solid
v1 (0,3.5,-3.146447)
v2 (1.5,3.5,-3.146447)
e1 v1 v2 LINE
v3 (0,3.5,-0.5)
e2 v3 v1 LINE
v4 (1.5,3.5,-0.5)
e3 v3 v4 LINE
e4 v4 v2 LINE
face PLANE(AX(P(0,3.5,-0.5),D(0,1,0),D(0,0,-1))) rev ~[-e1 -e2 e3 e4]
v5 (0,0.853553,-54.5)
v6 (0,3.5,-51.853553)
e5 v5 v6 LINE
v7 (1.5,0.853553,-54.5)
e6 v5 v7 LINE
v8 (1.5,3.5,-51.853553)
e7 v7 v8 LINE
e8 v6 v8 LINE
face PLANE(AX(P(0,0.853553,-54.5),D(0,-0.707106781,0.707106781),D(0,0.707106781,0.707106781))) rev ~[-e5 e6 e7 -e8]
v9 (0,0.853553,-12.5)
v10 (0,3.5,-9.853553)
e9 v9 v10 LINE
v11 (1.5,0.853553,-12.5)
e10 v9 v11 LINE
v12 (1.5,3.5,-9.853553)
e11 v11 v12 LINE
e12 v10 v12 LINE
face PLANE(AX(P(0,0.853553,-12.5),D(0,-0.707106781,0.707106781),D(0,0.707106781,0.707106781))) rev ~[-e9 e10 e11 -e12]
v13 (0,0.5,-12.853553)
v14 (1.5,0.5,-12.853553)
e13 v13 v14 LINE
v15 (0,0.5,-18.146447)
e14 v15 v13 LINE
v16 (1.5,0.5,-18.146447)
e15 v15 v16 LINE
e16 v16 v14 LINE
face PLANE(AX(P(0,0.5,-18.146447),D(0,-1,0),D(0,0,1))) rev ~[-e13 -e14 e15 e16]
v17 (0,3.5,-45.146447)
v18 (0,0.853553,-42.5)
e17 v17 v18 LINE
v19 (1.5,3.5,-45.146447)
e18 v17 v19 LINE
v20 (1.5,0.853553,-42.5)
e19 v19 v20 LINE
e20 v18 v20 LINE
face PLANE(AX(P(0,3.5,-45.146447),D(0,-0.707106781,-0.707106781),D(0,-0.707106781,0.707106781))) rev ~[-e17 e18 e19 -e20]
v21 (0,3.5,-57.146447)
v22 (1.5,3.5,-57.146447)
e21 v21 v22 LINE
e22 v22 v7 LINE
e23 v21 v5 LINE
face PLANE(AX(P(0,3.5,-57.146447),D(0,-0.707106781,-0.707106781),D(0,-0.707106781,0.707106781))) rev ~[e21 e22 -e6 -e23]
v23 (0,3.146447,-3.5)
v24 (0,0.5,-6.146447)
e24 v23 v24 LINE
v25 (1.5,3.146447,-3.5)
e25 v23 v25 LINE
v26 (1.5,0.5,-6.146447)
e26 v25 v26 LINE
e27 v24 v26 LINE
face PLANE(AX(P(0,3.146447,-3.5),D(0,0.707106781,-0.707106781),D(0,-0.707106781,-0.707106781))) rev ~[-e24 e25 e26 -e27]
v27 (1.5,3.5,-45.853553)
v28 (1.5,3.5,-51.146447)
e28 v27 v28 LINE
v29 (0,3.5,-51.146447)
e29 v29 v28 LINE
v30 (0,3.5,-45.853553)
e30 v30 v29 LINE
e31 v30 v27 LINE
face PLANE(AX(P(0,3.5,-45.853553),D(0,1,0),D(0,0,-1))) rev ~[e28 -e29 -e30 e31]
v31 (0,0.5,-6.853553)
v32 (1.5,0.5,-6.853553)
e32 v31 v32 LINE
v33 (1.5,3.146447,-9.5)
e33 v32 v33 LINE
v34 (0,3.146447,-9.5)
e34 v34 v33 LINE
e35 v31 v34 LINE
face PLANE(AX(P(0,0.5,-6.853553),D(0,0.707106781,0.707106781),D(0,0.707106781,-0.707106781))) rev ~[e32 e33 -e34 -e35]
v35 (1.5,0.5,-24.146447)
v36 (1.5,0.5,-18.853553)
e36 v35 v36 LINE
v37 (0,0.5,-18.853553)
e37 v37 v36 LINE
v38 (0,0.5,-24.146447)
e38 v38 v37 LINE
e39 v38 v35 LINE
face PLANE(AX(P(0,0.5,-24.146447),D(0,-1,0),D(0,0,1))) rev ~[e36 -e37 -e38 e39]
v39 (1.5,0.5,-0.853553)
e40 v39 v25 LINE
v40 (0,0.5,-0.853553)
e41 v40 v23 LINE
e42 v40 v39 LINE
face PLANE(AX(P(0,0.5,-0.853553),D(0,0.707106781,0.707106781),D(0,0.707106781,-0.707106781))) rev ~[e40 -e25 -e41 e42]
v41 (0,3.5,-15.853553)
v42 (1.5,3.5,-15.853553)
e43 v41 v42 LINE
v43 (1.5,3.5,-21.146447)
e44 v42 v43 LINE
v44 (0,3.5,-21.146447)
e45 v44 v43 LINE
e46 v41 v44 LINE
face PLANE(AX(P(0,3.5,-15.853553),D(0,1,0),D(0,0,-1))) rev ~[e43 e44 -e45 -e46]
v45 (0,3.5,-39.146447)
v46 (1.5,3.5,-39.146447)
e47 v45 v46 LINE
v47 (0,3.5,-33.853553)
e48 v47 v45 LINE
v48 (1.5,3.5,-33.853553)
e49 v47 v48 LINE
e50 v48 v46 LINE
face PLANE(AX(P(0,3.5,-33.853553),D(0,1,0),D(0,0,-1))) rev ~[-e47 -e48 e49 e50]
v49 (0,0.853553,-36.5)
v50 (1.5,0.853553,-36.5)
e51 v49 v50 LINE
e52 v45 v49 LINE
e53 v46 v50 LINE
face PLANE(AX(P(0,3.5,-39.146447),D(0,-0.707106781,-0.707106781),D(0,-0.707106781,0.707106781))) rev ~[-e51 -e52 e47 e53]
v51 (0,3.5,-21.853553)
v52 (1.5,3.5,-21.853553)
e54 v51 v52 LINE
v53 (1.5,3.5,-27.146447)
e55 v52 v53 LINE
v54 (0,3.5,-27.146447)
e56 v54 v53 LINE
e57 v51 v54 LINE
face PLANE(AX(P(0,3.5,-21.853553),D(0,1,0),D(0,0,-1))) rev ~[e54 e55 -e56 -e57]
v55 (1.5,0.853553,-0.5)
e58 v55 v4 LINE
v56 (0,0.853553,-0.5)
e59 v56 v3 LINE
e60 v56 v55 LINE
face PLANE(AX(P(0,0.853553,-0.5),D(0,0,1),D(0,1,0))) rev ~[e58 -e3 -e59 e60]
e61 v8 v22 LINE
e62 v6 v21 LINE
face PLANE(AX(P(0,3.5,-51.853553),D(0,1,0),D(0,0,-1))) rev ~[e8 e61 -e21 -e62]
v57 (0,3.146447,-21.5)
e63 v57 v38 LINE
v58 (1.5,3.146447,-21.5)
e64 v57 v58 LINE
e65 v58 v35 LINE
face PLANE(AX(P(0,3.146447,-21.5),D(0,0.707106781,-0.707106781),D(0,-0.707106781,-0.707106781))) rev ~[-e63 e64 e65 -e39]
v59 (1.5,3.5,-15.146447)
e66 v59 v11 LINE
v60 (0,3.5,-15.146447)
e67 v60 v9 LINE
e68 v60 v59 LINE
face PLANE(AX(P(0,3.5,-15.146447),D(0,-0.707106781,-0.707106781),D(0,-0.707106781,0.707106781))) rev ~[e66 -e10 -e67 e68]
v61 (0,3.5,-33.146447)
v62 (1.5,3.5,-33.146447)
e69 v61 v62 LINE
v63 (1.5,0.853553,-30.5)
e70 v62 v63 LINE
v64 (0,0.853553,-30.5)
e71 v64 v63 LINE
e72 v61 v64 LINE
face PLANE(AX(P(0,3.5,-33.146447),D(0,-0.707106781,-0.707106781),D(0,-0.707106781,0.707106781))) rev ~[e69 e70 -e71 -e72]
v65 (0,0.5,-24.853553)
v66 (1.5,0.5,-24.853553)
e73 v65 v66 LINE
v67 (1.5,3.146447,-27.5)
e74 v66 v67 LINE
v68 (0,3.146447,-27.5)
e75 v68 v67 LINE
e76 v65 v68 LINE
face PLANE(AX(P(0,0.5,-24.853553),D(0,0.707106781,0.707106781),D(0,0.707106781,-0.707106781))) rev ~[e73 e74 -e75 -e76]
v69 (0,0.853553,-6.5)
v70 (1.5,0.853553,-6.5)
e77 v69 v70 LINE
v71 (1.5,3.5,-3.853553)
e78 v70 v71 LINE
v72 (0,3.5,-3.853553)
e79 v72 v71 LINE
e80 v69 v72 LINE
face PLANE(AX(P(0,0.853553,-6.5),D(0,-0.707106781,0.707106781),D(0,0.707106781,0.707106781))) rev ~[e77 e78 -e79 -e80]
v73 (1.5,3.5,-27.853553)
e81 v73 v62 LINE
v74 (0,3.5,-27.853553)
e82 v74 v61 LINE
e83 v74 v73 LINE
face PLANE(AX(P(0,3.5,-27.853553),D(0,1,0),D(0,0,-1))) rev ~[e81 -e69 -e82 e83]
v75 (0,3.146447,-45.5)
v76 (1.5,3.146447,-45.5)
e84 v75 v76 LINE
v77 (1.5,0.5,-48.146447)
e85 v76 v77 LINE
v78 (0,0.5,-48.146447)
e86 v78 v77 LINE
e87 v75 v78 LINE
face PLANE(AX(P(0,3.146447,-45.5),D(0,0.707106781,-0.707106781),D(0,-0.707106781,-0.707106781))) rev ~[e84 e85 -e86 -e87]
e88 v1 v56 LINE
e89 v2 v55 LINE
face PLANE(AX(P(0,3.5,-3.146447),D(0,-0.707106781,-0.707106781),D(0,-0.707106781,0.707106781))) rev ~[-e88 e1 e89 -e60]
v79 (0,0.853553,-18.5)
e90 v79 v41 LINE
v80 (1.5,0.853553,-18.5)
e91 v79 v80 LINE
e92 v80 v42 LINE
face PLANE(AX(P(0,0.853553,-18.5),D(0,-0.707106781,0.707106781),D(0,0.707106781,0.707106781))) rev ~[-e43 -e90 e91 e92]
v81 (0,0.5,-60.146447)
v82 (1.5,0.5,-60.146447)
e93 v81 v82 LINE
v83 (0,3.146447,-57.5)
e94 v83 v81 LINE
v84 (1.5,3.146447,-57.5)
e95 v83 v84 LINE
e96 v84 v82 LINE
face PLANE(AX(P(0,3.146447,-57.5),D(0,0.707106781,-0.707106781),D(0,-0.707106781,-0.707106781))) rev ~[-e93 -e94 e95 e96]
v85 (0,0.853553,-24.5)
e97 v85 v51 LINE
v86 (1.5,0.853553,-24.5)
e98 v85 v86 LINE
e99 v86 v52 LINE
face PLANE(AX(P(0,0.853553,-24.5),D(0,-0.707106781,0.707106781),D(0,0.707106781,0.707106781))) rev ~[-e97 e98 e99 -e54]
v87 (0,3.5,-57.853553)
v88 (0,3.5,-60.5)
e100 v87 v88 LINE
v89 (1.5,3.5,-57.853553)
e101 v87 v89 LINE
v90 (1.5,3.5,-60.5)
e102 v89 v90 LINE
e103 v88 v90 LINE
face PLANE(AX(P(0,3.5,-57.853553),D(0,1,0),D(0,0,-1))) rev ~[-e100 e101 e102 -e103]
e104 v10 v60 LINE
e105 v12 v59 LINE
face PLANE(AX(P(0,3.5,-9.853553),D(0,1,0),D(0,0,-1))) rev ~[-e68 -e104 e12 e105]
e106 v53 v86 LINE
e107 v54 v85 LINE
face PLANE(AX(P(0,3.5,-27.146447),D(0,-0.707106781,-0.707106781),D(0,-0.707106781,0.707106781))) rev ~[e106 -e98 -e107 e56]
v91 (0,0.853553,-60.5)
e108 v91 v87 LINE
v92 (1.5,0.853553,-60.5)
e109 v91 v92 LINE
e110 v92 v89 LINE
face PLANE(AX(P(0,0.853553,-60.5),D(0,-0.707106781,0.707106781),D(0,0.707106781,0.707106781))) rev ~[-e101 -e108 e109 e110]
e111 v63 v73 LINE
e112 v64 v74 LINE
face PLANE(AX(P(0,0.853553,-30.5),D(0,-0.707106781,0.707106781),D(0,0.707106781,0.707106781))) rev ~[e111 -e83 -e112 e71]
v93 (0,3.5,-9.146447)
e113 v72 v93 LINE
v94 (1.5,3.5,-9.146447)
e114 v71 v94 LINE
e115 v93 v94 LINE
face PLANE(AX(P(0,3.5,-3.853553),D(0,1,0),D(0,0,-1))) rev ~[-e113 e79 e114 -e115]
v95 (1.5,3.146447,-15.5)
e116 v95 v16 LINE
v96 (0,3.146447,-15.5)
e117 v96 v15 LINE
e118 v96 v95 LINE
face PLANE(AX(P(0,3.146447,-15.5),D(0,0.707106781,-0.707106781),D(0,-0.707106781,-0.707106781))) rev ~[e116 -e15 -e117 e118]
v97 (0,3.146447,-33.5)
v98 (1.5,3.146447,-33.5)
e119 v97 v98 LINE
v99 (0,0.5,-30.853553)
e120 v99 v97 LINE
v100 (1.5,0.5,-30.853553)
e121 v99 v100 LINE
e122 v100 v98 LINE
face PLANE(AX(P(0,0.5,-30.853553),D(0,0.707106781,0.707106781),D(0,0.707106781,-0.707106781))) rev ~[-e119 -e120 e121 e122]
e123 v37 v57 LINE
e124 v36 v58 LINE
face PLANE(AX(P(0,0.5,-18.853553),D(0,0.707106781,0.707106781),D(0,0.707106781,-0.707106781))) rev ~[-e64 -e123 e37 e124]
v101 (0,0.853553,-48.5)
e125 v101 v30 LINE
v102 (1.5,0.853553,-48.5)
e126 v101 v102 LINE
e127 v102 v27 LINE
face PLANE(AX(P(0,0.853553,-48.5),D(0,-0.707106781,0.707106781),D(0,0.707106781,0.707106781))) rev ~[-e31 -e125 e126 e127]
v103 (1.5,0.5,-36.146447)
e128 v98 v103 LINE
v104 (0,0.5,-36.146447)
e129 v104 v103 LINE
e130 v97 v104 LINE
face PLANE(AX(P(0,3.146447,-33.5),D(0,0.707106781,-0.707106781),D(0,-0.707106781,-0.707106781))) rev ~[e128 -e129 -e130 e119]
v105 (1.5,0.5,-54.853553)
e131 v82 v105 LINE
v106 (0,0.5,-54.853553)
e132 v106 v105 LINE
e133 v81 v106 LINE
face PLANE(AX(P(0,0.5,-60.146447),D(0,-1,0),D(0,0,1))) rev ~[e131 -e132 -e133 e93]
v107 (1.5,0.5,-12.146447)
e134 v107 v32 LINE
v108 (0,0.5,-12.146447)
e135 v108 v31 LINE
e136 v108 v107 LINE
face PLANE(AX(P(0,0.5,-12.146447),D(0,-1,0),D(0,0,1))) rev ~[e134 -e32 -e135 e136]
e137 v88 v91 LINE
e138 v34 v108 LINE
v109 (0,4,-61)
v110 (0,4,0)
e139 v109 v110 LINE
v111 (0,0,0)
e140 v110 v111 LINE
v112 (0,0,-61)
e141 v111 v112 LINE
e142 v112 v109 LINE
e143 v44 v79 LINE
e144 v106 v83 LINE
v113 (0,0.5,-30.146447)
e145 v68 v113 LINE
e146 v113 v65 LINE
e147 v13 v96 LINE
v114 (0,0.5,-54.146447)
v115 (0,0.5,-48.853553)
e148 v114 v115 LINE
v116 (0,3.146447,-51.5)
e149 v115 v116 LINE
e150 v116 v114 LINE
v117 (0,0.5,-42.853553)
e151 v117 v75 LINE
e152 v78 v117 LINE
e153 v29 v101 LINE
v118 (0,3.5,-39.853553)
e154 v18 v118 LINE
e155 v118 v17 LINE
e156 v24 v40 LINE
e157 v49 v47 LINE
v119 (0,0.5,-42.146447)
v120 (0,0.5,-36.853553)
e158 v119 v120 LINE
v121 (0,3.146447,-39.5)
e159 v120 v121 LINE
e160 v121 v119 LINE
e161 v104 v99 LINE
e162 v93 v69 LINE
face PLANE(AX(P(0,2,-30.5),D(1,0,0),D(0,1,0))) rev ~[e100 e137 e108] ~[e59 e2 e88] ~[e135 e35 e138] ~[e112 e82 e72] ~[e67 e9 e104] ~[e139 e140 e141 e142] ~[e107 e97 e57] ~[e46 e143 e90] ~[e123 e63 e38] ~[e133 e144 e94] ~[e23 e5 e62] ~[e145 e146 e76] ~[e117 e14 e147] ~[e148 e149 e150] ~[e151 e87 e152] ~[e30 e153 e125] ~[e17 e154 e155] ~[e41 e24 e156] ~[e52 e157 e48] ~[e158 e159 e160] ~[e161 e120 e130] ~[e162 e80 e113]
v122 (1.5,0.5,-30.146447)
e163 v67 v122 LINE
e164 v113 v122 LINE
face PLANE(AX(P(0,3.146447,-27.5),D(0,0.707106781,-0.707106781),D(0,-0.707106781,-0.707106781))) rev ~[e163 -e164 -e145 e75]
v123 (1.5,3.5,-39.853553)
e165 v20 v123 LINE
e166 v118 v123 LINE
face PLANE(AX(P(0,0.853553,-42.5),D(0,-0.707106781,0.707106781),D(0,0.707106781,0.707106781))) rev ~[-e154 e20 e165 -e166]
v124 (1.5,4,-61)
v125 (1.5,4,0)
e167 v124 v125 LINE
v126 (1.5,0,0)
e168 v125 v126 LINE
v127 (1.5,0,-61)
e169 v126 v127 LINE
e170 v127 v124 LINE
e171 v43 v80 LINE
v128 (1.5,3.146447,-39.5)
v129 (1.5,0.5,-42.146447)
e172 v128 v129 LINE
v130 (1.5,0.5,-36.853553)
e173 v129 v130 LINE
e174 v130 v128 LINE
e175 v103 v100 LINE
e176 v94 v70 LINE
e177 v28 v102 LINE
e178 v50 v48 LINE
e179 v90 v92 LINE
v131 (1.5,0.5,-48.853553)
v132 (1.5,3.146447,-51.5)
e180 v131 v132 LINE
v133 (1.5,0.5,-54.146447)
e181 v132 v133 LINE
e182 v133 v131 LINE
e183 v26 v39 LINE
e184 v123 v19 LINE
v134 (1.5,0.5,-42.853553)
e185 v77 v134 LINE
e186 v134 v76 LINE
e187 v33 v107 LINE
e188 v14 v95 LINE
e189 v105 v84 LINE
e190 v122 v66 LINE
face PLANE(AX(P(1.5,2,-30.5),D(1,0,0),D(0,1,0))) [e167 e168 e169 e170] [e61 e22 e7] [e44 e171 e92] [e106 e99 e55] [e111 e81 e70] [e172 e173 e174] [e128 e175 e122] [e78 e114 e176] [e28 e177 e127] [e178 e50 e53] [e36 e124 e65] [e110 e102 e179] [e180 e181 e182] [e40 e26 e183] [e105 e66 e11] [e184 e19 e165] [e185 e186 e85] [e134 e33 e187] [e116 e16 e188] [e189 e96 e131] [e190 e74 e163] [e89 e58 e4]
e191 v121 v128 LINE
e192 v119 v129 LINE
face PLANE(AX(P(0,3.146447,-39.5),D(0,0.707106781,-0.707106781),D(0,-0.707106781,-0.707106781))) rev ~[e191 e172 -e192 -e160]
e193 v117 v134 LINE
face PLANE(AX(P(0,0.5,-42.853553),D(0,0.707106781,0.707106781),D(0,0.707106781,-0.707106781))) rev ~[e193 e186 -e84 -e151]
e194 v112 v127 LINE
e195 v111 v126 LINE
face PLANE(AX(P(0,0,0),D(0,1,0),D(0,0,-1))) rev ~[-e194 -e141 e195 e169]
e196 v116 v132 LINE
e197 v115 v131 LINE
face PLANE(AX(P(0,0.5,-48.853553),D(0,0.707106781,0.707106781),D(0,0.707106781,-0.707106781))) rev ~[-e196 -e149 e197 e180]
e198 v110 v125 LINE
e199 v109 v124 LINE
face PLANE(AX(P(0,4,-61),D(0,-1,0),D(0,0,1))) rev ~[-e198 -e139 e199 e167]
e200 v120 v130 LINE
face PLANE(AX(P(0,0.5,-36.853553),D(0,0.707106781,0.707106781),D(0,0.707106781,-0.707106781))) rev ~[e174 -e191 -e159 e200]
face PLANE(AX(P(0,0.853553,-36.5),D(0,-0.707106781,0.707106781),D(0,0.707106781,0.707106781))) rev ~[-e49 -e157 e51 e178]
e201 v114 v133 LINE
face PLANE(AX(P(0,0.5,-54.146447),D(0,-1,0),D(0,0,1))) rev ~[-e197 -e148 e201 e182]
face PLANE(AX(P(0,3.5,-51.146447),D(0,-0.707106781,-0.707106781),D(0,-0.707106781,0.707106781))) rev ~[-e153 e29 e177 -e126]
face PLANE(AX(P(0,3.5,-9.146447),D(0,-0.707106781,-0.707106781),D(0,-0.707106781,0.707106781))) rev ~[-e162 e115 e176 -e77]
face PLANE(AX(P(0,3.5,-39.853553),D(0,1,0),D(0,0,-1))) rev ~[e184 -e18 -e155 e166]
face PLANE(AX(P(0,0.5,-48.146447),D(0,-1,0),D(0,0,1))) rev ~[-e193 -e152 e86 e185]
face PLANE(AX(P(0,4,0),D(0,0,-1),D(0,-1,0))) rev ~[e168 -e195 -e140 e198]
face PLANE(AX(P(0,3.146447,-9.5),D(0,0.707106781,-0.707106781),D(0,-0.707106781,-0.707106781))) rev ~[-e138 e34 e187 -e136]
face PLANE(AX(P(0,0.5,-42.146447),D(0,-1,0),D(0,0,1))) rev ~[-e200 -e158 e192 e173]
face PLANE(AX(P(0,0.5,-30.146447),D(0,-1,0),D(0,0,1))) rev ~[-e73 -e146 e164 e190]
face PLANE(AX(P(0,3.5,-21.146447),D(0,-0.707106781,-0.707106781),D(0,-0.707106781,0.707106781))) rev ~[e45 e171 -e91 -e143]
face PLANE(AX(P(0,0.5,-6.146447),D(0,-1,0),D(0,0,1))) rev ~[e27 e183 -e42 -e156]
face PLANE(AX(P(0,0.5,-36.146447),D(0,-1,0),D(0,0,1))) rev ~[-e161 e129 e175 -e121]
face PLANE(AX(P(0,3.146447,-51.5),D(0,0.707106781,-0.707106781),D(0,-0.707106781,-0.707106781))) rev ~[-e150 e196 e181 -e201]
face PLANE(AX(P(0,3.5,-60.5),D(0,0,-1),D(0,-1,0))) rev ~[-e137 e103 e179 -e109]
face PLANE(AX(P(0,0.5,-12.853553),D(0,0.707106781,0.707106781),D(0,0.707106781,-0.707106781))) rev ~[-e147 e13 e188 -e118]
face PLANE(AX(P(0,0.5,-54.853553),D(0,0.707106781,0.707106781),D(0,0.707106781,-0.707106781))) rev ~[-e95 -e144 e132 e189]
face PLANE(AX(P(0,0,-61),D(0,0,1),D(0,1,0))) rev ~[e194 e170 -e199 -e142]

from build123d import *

# Parameters (mm, degrees)
F1_DEPTH = 1.5


with BuildPart() as f1:
    # F0 (on Right) → F1 (new body)
    with BuildSketch(Plane.YZ):
        Polygon((4, 0), (0, 0), (0, -60), (0, -61), (0.353553, -61), (4, -61), (4, -60), align=None)
        Polygon((0.5, -54.853553), (3.146447, -57.5), (0.5, -60.146447), (0.5, -59.5), align=None, mode=Mode.SUBTRACT)
        Polygon((0.5, -48.853553), (3.146447, -51.5), (0.5, -54.146447), align=None, mode=Mode.SUBTRACT)
        Polygon((0.5, -42.853553), (3.146447, -45.5), (0.5, -48.146447), align=None, mode=Mode.SUBTRACT)
        Polygon((0.5, -36.853553), (3.146447, -39.5), (0.5, -42.146447), align=None, mode=Mode.SUBTRACT)
        Polygon((0.5, -30.853553), (3.146447, -33.5), (0.5, -36.146447), align=None, mode=Mode.SUBTRACT)
        Polygon((0.853553, -60.5), (3.5, -57.853553), (3.5, -59.5), (3.5, -60.5), align=None, mode=Mode.SUBTRACT)
        Polygon((3.5, -57.146447), (0.853553, -54.5), (3.5, -51.853553), align=None, mode=Mode.SUBTRACT)
        Polygon((3.5, -51.146447), (0.853553, -48.5), (3.5, -45.853553), align=None, mode=Mode.SUBTRACT)
        Polygon((3.5, -45.146447), (0.853553, -42.5), (3.5, -39.853553), align=None, mode=Mode.SUBTRACT)
        Polygon((3.5, -39.146447), (0.853553, -36.5), (3.5, -33.853553), align=None, mode=Mode.SUBTRACT)
        Polygon((3.5, -33.146447), (0.853553, -30.5), (3.5, -27.853553), align=None, mode=Mode.SUBTRACT)
        Polygon((0.5, -24.853553), (3.146447, -27.5), (0.5, -30.146447), align=None, mode=Mode.SUBTRACT)
        Polygon((0.5, -18.853553), (3.146447, -21.5), (0.5, -24.146447), align=None, mode=Mode.SUBTRACT)
        Polygon((0.5, -12.853553), (3.146447, -15.5), (0.5, -18.146447), align=None, mode=Mode.SUBTRACT)
        Polygon((0.5, -6.853553), (3.146447, -9.5), (0.5, -12.146447), align=None, mode=Mode.SUBTRACT)
        Polygon((0.5, -6.146447), (0.5, -0.853553), (3.146447, -3.5), align=None, mode=Mode.SUBTRACT)
        Polygon((3.5, -27.146447), (0.853553, -24.5), (3.5, -21.853553), align=None, mode=Mode.SUBTRACT)
        Polygon((3.5, -21.146447), (0.853553, -18.5), (3.5, -15.853553), align=None, mode=Mode.SUBTRACT)
        Polygon((3.5, -15.146447), (0.853553, -12.5), (3.5, -9.853553), align=None, mode=Mode.SUBTRACT)
        Polygon((0.853553, -6.5), (3.5, -3.853553), (3.5, -9.146447), align=None, mode=Mode.SUBTRACT)
        Polygon((0.853553, -0.5), (3.5, -0.5), (3.5, -3.146447), align=None, mode=Mode.SUBTRACT)
    extrude(amount=F1_DEPTH)


solid = f1.part
